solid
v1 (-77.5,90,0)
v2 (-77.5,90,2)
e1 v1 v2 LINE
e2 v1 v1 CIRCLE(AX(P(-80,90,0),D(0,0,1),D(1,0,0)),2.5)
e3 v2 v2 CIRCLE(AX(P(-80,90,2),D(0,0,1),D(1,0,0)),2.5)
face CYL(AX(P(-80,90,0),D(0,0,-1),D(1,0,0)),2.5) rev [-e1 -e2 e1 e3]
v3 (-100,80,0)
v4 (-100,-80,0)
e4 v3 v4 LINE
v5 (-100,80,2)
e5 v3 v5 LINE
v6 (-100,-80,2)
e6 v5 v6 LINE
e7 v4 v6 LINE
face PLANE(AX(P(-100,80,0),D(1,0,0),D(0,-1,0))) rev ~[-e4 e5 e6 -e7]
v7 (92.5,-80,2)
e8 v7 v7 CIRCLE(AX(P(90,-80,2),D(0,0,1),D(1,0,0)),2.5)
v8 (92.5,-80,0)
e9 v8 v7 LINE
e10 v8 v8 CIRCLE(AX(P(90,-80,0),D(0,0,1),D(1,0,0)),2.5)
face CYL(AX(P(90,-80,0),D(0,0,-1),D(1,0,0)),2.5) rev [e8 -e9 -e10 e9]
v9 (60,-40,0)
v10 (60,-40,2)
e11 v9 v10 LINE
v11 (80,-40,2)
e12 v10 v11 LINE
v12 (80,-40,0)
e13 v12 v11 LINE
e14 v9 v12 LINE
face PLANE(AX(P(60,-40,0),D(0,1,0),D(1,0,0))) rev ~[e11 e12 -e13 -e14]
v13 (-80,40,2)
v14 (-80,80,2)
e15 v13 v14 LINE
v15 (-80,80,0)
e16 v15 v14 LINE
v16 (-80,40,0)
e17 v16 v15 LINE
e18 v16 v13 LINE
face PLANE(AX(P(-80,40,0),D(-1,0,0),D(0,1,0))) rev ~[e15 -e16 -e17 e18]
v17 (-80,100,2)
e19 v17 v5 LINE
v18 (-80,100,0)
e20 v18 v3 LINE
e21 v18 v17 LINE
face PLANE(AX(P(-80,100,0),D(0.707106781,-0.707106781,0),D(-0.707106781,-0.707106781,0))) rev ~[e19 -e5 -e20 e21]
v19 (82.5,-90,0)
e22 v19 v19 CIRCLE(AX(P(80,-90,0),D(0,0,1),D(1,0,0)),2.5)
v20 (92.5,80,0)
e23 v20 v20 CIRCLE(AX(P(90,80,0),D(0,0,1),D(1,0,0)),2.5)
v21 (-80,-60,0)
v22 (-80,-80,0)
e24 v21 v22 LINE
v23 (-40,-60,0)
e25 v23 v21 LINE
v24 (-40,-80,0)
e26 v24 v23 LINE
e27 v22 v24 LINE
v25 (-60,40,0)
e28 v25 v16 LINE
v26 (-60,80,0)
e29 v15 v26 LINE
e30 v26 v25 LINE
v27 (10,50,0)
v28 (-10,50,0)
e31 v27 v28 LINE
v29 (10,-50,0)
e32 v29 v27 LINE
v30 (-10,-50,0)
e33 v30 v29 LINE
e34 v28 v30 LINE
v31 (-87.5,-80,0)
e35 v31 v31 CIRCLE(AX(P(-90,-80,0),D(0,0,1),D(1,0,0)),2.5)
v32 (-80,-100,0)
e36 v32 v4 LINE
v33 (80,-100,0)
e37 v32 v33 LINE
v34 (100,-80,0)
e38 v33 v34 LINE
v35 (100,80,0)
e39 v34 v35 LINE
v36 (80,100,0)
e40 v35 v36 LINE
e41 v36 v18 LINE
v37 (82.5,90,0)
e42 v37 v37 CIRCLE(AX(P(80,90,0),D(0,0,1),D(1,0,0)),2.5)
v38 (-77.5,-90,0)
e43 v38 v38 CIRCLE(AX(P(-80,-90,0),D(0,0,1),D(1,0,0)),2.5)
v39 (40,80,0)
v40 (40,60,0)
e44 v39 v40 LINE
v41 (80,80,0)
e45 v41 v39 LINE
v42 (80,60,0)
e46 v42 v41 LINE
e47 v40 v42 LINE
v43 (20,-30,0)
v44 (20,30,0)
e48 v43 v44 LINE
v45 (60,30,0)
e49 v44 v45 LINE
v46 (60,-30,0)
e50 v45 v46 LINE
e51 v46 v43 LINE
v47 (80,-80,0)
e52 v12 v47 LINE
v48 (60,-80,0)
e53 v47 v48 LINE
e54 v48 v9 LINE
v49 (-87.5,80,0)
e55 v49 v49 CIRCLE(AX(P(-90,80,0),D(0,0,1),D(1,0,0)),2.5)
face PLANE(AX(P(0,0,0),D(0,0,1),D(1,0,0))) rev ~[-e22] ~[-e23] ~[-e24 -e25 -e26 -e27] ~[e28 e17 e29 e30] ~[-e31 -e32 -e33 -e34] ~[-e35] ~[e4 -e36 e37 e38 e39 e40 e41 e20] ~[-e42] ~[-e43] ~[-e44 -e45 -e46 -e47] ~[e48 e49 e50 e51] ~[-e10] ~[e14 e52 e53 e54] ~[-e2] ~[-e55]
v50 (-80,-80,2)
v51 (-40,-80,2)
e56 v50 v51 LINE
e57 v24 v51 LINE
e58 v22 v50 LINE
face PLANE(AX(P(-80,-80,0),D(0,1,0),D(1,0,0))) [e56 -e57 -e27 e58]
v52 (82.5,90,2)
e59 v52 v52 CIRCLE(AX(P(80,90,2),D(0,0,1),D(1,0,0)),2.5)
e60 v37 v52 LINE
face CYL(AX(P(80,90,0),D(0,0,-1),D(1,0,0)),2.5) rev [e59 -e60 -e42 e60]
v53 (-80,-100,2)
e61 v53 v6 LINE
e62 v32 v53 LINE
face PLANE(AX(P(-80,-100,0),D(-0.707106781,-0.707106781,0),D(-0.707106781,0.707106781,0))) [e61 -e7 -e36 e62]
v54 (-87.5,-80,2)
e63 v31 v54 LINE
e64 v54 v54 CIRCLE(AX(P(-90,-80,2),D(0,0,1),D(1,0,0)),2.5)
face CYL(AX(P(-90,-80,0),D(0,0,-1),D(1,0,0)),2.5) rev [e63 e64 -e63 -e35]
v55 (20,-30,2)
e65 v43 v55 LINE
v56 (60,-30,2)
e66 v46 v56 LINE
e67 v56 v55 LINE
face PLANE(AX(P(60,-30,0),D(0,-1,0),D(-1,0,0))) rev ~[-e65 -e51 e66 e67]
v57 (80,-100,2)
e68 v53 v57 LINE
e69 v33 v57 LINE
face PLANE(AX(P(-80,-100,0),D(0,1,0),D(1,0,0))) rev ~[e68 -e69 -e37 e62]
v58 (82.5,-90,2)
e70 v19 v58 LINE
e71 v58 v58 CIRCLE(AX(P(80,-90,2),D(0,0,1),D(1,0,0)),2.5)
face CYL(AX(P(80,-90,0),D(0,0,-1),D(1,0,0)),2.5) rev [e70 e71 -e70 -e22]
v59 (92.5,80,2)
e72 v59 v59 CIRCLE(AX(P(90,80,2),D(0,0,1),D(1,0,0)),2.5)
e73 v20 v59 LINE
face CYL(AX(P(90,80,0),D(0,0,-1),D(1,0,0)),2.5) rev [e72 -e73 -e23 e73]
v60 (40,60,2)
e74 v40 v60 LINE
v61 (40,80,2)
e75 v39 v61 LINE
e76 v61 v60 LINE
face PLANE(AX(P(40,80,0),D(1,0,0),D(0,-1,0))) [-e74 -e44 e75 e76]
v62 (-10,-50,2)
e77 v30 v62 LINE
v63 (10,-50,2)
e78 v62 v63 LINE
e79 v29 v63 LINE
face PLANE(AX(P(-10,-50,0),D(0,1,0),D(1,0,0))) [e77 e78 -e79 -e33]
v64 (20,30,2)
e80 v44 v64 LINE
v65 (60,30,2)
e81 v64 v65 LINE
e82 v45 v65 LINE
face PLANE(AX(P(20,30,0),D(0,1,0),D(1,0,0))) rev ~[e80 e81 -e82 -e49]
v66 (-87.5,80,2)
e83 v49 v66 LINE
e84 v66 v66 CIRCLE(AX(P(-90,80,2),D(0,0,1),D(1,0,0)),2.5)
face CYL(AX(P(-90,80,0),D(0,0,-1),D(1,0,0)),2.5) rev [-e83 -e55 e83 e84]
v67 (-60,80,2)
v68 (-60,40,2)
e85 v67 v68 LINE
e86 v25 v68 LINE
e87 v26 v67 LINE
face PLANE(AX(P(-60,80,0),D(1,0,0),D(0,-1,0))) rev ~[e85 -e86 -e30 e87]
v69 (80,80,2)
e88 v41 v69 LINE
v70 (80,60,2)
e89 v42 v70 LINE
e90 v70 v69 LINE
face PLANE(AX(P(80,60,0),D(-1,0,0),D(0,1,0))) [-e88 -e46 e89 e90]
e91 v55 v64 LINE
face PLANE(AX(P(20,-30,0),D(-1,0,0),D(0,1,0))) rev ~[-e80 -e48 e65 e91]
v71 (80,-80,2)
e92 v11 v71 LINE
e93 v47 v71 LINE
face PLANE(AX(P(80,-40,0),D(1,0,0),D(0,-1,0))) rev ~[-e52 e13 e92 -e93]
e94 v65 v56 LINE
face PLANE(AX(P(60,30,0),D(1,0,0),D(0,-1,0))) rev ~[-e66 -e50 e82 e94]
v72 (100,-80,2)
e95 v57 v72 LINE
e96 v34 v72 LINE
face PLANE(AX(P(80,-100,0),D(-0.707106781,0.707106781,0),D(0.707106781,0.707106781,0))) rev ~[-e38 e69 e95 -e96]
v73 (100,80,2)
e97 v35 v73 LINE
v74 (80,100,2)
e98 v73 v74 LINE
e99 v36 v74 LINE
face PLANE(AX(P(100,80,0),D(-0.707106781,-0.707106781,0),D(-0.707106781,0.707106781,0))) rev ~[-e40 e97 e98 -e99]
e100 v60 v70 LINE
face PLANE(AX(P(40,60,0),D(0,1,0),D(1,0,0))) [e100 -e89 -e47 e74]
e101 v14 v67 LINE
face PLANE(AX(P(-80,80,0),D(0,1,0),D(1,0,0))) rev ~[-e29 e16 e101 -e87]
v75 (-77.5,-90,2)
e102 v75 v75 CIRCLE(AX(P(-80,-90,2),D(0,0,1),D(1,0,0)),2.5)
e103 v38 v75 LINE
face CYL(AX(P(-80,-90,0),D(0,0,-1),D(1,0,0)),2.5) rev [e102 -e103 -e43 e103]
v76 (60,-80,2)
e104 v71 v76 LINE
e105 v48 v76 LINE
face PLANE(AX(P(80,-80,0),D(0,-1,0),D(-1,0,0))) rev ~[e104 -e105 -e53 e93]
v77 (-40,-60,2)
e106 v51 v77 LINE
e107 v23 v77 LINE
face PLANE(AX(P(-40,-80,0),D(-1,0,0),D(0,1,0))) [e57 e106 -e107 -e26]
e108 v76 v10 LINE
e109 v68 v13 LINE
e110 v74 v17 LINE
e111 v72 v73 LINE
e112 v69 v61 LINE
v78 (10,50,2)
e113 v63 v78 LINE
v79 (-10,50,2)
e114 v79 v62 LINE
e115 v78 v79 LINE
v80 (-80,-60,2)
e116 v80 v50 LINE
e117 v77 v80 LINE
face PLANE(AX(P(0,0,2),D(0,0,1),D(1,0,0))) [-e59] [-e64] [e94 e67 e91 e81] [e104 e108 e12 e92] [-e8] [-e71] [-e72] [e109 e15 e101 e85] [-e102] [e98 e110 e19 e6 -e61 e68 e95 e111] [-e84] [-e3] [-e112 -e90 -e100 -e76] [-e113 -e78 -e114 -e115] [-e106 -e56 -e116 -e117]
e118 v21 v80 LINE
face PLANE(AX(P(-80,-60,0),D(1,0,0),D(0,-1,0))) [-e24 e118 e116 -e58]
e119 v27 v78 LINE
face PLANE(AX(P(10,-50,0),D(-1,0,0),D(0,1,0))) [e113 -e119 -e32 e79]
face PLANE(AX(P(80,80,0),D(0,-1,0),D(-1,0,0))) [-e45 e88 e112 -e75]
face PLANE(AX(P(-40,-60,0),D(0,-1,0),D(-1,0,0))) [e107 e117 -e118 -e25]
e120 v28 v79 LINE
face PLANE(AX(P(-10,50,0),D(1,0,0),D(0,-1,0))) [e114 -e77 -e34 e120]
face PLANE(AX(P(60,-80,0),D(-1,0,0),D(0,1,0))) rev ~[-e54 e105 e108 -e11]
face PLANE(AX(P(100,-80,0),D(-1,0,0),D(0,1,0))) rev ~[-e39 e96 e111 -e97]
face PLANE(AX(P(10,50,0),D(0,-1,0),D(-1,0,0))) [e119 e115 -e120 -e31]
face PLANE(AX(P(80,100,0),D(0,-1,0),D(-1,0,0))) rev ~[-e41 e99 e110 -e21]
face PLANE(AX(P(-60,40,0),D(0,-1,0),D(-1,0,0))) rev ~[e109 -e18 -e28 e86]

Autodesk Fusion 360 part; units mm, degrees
sketch "Sketch1" plane through (0, 0, 0) normal (0, 0, 1) x (1, 0, 0)
  line L0 (-80, -100) -> (80, -100)
  line L1 (100, -80) -> (100, 80)
  line L2 (80, 100) -> (-80, 100)
  line L3 (-100, 80) -> (-100, -80)
  line L4 (-80, -100) -> (-100, -80)
  line L5 (80, -100) -> (100, -80)
  line L6 (100, 80) -> (80, 100)
  line L7 (-80, 100) -> (-100, 80)
  circle A0 centre (-80, -90) radius 2.5
  circle A1 centre (-90, -80) radius 2.5
  circle A2 centre (80, 90) radius 2.5
  circle A3 centre (90, 80) radius 2.5
  circle A4 centre (-80, 90) radius 2.5
  circle A5 centre (-90, 80) radius 2.5
  circle A6 centre (80, -90) radius 2.5
  circle A7 centre (90, -80) radius 2.5
  line L8 (80, 80) -> (40, 80)
  line L9 (40, 80) -> (40, 60)
  line L10 (40, 60) -> (80, 60)
  line L11 (80, 60) -> (80, 80)
  line L12 (-80, 80) -> (-60, 80)
  line L13 (-60, 80) -> (-60, 40)
  line L14 (-60, 40) -> (-80, 40)
  line L15 (-80, 40) -> (-80, 80)
  line L16 (-10, -50) -> (10, -50)
  line L17 (10, -50) -> (10, 50)
  line L18 (10, 50) -> (-10, 50)
  line L19 (-10, 50) -> (-10, -50)
  line L20 (-80, -80) -> (-40, -80)
  line L21 (-40, -80) -> (-40, -60)
  line L22 (-40, -60) -> (-80, -60)
  line L23 (-80, -60) -> (-80, -80)
  line L24 (80, -80) -> (60, -80)
  line L25 (60, -80) -> (60, -40)
  line L26 (60, -40) -> (80, -40)
  line L27 (80, -40) -> (80, -80)
  line L28 (60, -30) -> (20, -30)
  line L29 (20, -30) -> (20, 30)
  line L30 (20, 30) -> (60, 30)
  line L31 (60, 30) -> (60, -30)
  point P0 (-100, -100)
  point P1 (100, -100)
  point P2 (100, 100)
  point P3 (-100, 100)
  dimension "d1" = 200
  dimension "d2" = 200
  dimension "d3" = 20
  dimension "d4" = 20
  dimension "d5" = 20
  dimension "d6" = 20
  dimension "d7" = 20
  dimension "d8" = 20
  dimension "d9" = 20
  dimension "d10" = 20
  dimension "d11" = 5
  dimension "d12" = 5
  dimension "d13" = 5
  dimension "d14" = 5
  dimension "d15" = 5
  dimension "d16" = 5
  dimension "d17" = 5
  dimension "d18" = 5
  dimension "d19" = 40
  dimension "d20" = 20
  dimension "d21" = 20
  dimension "d22" = 40
  dimension "d27" = 20
  dimension "d28" = 100
  dimension "d29" = 40
  dimension "d30" = 20
  dimension "d31" = 20
  dimension "d32" = 40
  dimension "d33" = 40
  dimension "d34" = 60
extrude "Extrude1" add sketch "Sketch1" along normal blind 2
equation "d4 = d3"
equation "d6 = d5"
equation "d8 = d7"
equation "d10 = d9"
